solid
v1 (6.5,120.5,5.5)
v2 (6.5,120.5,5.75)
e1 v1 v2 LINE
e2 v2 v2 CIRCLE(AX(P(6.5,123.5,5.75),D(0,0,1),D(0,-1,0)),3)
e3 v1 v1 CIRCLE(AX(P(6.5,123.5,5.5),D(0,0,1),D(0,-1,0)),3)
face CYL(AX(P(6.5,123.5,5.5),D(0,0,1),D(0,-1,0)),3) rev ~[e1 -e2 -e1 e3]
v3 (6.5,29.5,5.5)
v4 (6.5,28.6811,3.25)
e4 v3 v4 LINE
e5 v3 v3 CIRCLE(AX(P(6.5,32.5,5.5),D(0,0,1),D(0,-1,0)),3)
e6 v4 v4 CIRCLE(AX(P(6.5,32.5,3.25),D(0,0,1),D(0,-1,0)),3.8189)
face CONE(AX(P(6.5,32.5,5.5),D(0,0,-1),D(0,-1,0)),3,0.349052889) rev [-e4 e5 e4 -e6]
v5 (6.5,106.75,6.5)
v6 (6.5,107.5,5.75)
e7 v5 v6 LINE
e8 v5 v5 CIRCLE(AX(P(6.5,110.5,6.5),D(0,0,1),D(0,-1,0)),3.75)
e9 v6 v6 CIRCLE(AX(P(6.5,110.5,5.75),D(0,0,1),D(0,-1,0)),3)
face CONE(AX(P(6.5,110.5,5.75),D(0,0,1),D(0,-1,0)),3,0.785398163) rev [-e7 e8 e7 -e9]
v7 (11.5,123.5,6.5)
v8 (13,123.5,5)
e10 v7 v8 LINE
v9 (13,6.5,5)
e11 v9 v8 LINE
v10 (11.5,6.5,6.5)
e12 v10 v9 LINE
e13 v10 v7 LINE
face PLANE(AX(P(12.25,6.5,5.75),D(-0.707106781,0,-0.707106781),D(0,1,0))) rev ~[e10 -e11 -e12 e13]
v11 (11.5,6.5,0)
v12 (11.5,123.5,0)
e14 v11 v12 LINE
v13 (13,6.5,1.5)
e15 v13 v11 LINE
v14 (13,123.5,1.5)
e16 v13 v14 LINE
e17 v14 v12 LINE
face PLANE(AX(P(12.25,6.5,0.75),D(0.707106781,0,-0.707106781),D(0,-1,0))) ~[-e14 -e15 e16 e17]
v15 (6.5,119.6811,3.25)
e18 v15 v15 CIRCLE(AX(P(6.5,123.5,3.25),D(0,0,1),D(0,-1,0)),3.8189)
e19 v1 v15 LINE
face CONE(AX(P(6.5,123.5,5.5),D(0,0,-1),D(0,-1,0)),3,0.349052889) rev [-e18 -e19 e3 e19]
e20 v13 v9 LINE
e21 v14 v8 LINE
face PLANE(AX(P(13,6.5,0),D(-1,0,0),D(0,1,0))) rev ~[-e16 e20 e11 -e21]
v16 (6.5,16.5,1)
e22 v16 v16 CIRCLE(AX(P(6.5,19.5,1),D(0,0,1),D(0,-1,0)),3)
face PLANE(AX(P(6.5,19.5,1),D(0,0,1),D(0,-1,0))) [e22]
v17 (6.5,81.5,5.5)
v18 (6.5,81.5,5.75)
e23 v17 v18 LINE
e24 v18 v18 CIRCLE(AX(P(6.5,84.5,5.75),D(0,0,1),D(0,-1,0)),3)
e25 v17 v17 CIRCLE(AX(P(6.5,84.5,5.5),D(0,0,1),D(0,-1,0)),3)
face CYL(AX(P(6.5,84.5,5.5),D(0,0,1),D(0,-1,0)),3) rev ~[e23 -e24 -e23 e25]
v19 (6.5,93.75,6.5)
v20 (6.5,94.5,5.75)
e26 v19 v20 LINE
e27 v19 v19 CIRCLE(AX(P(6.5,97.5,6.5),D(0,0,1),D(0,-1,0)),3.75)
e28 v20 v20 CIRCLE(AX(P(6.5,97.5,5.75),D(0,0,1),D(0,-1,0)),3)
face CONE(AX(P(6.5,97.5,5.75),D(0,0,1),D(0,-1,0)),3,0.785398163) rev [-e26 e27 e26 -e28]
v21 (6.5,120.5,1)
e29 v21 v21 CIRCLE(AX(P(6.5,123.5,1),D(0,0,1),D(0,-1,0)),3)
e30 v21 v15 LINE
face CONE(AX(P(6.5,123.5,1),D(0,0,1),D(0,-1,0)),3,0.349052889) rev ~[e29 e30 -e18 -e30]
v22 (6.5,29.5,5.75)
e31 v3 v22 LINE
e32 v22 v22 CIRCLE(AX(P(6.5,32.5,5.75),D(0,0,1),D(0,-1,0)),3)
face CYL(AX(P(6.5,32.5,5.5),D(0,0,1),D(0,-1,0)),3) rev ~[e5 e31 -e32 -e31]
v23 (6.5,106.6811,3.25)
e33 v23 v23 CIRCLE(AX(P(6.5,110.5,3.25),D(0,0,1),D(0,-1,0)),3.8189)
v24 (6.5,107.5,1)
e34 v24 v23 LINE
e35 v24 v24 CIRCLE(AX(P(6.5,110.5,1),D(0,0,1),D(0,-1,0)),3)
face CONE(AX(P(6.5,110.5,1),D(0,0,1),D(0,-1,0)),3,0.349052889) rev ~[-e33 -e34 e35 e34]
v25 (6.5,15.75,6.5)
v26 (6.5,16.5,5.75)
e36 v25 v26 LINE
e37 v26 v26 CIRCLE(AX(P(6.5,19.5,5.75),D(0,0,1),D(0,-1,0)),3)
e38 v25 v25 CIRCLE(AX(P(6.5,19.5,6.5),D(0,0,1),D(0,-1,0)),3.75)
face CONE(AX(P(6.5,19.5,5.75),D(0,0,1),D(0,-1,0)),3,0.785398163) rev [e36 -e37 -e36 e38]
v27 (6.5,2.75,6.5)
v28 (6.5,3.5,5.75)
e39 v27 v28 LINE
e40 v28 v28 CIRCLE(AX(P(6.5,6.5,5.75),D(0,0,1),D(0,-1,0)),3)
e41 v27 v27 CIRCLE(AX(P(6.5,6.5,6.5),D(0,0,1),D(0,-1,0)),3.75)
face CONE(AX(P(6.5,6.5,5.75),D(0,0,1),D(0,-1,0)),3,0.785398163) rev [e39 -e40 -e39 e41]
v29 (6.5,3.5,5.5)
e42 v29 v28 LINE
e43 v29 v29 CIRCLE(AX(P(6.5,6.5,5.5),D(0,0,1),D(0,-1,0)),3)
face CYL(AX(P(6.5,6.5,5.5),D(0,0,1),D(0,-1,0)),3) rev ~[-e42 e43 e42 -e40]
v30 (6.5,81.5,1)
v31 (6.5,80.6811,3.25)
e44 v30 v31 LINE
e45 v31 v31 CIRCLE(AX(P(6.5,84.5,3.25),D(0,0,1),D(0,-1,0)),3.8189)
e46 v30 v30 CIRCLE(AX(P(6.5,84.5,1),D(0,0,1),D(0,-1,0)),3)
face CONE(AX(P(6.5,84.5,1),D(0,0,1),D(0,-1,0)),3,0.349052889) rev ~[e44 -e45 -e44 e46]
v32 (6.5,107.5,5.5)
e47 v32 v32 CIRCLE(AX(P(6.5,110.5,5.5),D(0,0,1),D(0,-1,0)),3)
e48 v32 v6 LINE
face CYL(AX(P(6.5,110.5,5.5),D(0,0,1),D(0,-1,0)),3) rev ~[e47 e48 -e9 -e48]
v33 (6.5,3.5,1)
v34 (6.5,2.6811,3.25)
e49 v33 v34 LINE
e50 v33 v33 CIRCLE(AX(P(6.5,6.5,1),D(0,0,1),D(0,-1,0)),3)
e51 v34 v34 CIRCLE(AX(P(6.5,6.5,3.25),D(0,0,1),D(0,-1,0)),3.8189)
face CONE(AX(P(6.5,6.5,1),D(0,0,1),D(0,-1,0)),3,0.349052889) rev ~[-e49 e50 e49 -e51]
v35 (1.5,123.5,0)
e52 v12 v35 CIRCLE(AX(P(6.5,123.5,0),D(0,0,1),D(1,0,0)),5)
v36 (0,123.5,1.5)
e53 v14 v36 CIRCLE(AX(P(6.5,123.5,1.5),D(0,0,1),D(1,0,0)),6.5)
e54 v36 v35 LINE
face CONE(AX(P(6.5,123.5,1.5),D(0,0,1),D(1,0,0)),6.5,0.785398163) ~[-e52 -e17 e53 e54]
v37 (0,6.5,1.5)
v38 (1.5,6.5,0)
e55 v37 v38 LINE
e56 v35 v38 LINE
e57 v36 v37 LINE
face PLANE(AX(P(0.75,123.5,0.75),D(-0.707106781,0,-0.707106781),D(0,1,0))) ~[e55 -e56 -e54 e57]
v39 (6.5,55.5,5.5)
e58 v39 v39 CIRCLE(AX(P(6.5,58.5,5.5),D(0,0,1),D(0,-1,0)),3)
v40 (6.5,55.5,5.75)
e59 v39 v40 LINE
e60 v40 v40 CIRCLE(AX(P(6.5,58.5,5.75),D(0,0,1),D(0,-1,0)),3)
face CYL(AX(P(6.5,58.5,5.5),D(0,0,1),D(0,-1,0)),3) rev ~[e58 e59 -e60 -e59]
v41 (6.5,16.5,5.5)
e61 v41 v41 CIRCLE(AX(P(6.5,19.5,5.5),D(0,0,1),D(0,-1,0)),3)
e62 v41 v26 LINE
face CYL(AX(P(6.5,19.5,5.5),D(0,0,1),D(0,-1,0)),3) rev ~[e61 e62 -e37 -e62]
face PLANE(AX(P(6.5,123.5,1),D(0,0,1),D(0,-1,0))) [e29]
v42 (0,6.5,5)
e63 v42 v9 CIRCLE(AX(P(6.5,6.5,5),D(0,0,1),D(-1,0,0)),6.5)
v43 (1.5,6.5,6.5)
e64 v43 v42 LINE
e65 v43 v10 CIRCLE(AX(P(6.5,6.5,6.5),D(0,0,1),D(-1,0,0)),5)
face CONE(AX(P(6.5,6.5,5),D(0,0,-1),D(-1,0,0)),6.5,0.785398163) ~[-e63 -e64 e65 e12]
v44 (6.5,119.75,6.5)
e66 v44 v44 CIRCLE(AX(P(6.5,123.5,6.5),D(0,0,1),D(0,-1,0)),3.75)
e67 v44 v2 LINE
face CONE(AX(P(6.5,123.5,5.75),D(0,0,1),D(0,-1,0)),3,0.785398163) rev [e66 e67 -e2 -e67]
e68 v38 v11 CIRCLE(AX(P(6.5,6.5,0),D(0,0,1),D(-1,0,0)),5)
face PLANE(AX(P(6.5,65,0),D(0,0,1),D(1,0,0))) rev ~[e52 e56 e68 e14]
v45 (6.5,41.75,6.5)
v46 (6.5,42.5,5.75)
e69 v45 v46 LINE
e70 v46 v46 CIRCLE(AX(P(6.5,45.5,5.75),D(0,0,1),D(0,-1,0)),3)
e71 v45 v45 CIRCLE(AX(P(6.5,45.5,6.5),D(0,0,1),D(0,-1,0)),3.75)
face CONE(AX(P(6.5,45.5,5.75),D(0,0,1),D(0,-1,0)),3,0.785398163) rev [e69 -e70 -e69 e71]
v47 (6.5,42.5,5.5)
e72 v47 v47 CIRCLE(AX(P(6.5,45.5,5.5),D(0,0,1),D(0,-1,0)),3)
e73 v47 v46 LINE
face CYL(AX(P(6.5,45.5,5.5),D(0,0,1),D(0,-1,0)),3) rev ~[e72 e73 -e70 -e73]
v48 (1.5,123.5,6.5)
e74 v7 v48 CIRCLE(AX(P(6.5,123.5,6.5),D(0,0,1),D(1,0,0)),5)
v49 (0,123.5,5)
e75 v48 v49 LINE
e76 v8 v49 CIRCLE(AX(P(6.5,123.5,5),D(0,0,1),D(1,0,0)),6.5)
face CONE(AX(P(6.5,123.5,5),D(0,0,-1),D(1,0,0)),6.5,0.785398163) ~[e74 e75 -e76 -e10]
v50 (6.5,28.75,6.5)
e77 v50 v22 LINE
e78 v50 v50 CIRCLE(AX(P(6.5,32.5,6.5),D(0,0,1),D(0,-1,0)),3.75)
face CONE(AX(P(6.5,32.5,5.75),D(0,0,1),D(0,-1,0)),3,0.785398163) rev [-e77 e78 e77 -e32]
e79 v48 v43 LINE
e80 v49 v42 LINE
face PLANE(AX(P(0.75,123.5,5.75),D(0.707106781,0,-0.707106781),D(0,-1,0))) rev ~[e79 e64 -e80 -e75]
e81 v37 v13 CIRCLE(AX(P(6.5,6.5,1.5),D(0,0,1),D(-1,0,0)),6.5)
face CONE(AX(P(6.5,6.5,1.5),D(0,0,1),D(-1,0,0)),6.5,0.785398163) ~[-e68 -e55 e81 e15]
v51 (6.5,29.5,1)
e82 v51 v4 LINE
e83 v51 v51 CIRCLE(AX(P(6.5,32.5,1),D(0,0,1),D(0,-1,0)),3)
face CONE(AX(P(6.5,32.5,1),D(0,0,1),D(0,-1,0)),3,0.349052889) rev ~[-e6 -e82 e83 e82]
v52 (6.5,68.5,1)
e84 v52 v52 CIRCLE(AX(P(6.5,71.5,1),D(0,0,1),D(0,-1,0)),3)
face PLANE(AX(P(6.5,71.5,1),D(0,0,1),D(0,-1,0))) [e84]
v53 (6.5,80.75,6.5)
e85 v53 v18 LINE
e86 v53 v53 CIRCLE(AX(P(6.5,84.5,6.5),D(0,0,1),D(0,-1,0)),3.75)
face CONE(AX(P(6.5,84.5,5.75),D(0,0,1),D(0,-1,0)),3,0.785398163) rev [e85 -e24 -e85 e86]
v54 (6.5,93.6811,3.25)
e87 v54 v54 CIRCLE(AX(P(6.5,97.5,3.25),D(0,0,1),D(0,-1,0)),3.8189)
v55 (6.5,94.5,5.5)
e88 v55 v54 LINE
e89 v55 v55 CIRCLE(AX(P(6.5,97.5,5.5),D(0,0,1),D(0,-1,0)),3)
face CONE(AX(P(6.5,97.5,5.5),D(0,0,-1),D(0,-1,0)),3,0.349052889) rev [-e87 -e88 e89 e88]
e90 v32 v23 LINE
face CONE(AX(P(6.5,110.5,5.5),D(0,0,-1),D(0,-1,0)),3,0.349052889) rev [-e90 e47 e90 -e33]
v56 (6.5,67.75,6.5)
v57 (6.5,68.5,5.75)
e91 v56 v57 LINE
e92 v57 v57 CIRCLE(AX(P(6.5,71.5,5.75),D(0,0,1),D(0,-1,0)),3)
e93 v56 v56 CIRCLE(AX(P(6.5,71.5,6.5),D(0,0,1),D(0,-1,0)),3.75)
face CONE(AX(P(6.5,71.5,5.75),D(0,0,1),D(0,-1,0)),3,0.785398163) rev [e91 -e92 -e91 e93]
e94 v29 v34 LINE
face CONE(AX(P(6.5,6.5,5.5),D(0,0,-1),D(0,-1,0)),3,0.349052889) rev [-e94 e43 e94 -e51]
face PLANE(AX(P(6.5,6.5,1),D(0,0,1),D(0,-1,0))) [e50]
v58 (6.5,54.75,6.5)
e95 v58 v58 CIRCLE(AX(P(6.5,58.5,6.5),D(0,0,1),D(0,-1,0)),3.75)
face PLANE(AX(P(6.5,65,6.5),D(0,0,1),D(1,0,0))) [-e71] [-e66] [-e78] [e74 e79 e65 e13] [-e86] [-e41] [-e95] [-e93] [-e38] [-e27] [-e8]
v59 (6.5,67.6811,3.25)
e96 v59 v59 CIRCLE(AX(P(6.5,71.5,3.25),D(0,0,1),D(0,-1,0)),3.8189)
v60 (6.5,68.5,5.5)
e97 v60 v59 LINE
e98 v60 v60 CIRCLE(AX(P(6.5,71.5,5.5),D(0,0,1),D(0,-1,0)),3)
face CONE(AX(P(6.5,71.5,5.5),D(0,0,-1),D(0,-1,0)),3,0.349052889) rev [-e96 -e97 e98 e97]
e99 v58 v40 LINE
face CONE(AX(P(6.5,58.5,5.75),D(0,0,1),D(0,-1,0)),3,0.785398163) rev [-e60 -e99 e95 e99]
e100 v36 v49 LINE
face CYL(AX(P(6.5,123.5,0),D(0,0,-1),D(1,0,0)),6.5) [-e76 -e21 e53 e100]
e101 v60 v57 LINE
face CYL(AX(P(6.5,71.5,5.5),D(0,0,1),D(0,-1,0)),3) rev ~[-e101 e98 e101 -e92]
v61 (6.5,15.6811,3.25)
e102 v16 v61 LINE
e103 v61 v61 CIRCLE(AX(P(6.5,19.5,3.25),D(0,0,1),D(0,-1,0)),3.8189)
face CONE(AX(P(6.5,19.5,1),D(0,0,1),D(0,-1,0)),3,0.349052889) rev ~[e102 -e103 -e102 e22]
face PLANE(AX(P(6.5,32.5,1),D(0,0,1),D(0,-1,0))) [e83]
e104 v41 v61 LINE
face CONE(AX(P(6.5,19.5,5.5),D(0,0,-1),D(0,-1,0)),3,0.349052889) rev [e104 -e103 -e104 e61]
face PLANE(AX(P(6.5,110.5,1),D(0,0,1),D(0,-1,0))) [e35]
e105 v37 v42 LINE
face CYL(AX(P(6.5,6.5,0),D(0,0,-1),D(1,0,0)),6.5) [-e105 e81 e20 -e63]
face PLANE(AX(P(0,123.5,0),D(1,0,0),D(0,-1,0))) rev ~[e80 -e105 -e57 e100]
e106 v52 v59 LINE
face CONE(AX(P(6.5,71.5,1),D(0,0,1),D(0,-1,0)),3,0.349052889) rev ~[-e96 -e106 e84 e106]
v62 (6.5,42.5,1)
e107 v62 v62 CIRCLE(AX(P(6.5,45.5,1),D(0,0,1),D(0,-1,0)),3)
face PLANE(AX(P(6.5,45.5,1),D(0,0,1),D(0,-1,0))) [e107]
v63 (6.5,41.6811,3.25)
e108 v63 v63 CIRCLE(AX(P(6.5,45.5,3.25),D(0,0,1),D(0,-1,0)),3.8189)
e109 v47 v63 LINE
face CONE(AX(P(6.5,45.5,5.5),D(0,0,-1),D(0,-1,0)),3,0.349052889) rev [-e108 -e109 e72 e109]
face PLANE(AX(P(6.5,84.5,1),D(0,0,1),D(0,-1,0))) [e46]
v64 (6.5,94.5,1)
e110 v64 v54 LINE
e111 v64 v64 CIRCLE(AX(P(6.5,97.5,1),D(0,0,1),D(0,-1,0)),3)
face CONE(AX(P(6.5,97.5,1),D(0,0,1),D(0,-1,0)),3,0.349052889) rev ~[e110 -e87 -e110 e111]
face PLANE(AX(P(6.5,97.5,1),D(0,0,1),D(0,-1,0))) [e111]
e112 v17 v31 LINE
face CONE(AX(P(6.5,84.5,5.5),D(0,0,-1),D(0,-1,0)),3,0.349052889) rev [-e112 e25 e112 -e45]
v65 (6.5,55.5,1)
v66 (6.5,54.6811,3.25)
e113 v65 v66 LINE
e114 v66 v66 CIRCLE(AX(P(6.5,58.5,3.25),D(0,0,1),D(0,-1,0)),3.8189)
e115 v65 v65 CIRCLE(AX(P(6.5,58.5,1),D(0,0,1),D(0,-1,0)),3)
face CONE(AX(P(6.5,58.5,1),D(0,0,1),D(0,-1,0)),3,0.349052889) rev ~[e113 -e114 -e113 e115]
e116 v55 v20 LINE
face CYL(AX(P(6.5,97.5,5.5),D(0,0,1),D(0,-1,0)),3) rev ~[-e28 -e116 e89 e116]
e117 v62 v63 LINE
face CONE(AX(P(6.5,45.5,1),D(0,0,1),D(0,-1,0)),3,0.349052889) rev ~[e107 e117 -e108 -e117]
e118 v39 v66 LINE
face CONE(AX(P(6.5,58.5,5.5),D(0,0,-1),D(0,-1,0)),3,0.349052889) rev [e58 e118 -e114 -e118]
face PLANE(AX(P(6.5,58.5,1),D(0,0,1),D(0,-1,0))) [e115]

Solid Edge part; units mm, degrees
sketch "Sketch1" plane through (0, 0, 0) normal (0, 0, 1) x (1, 0, 0)
  line L0 (0, 123.5) -> (0, 6.5)
  line L1 (13, 6.5) -> (13, 123.5)
  arc A0 (13, 6.5) -> (0, 6.5) centre (6.5, 6.5) cw
  arc A1 (0, 123.5) -> (13, 123.5) centre (6.5, 123.5) cw
extrude "Protrusion1" add sketch "Sketch1" along normal blind 6.5
sketch "Sketch2" plane through (6.5, 0, 0) normal (1, 0, 0) x (0, 1, 0)
  line L0 (3.5, 5.5) -> (3.5, 6.5)
  line L1 (3.5, 6.5) -> (6.5, 6.5)
  line L2 (6.5, 1) -> (6.5, 6.5)
  line L3 (3.5, 1) -> (6.5, 1)
  line L4 (3.5, 1) -> (2.6811, 3.25)
  line L5 (3.5, 5.5) -> (2.6811, 3.25)
revolve "RevolvedCutout1" cut sketch "Sketch2" angle 360 about axis through (6.5, 6.5, 1) along (0, 0, 1)
chamfer "Chaflán_38" distance 0.75 angle 45 1 edges at (6.5, 3.5, 6.5)
pattern_linear "Pattern1" count 10 spacing 13 along (0, 1, 0) of "RevolvedCutout1", "Chaflán_38"
chamfer "Chaflán_39" distance 1.5 angle 45 8 edges at (13, 65, 6.5) (6.5, 0, 6.5) (0, 65, 6.5) (6.5, 130, 6.5) (13, 65, 0) (6.5, 0, 0) (0, 65, 0) (6.5, 130, 0)
